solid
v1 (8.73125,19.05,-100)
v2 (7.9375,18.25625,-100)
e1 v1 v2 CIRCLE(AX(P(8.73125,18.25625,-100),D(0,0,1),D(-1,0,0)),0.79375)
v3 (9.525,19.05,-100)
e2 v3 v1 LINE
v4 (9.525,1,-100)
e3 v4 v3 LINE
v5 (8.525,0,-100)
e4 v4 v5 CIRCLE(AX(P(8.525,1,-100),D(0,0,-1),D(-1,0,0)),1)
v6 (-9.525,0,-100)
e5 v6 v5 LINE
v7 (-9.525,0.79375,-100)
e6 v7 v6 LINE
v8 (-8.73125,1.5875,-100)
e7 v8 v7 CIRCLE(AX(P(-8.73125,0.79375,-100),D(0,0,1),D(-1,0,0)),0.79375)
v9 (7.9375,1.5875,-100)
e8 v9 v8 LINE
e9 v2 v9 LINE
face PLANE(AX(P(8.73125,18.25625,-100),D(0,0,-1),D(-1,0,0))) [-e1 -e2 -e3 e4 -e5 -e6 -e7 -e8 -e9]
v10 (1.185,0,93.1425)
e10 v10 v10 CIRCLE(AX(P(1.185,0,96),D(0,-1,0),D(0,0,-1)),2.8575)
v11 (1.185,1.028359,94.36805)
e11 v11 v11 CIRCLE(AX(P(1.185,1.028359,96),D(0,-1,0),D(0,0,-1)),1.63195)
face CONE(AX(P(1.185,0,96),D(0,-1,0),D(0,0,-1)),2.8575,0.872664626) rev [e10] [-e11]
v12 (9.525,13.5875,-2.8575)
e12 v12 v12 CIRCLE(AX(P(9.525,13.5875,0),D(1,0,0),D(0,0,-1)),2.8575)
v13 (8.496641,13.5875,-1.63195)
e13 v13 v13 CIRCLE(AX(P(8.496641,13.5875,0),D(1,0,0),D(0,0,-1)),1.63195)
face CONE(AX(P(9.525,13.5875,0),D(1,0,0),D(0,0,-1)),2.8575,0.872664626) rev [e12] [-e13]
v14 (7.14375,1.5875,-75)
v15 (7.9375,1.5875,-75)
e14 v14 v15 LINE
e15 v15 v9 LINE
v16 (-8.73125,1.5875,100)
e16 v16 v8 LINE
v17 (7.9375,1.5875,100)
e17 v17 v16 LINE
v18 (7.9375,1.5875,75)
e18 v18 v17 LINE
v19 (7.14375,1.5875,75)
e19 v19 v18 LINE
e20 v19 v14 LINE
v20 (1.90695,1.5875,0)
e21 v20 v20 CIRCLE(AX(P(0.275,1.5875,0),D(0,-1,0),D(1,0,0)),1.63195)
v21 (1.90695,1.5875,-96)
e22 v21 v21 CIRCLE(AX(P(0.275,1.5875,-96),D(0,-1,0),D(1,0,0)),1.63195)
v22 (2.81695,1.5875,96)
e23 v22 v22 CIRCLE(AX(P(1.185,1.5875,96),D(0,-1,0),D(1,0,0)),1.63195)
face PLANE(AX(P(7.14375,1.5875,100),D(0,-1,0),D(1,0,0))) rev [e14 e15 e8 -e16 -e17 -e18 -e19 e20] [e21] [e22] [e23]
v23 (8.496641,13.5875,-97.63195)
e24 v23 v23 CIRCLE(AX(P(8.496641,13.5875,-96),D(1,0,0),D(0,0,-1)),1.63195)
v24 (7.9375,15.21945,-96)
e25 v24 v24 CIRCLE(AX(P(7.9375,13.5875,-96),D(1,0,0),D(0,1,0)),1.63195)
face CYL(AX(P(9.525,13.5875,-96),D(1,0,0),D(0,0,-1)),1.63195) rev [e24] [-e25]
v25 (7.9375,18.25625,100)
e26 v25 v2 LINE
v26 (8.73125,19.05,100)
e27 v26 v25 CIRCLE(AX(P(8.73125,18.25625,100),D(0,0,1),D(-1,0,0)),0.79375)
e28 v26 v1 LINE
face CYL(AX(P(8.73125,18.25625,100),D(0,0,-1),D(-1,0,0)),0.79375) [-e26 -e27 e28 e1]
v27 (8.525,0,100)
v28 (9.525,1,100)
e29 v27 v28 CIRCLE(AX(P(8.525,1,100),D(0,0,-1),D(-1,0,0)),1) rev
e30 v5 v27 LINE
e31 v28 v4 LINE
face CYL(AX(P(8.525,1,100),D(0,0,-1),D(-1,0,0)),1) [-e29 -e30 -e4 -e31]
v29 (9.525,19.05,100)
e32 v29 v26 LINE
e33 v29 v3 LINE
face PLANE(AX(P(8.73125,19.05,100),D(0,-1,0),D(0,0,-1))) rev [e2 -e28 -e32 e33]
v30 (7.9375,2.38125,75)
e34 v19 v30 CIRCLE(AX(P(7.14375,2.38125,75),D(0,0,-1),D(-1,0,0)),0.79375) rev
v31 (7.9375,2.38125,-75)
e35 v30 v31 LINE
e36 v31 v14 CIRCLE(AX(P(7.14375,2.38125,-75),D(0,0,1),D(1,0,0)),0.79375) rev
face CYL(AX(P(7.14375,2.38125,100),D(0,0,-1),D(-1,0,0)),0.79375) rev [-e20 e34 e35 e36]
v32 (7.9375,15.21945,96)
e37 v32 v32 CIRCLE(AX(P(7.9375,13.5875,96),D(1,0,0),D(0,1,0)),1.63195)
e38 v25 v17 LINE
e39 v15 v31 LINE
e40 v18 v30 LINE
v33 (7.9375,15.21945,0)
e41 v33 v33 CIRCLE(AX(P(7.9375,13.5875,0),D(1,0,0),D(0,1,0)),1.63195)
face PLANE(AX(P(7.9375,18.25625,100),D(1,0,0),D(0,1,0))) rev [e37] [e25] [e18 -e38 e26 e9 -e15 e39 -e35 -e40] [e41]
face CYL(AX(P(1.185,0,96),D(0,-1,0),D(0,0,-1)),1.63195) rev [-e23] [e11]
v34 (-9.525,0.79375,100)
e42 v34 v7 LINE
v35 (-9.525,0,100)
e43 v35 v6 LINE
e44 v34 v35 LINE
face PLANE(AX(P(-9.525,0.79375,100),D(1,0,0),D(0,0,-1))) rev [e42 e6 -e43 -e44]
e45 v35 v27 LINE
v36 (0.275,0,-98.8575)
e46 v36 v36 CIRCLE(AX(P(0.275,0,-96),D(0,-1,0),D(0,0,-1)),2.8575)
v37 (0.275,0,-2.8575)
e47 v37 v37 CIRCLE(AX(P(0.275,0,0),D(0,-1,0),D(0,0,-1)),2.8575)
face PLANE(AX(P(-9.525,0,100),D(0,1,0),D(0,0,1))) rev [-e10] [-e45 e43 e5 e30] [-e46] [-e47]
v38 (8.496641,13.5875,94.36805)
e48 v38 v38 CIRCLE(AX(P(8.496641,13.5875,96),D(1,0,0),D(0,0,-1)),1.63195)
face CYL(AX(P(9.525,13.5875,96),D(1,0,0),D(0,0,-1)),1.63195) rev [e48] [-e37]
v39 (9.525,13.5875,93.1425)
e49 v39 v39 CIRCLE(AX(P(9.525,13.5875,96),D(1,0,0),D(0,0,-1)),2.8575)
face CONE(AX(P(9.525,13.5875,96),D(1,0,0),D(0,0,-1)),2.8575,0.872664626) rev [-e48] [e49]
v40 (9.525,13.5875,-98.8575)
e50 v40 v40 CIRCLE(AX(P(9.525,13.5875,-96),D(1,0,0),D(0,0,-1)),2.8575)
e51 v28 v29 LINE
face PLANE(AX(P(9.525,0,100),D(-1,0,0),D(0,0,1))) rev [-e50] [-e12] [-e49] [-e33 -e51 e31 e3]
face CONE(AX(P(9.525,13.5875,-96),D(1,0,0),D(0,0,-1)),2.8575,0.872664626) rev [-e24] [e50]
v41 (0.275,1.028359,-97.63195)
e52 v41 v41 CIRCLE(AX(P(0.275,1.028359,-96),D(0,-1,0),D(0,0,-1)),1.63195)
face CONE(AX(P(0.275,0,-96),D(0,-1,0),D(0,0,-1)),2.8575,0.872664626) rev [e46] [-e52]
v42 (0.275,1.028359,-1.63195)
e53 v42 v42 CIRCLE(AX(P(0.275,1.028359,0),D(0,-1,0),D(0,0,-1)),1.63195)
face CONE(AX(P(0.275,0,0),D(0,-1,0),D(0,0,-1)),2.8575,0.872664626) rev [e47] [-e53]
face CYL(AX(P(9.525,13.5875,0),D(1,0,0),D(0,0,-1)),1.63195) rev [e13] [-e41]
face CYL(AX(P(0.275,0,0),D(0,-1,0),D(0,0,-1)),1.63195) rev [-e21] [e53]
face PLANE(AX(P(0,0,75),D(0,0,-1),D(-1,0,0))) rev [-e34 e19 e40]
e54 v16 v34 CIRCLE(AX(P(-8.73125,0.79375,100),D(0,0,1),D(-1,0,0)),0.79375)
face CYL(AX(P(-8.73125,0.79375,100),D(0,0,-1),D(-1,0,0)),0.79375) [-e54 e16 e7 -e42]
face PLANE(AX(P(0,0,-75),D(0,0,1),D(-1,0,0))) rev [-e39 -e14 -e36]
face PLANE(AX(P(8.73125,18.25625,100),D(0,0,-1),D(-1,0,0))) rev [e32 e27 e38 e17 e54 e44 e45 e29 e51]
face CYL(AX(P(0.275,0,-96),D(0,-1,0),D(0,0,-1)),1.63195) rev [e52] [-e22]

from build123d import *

# Parameters (mm, degrees)
BOSS_EXTRUDE1_DEPTH                               = 100
CSK_FOR_4_FLAT_HEAD_MACHINE_SCREW_100_D           = 3.2639
CSK_FOR_4_FLAT_HEAD_MACHINE_SCREW_100_CSINK_D     = 5.715
CSK_FOR_4_FLAT_HEAD_MACHINE_SCREW_100_CSINK_ANGLE = 100
CSK_FOR_4_FLAT_HEAD_MACHINE_SCREW_2_D             = 3.2639
CSK_FOR_4_FLAT_HEAD_MACHINE_SCREW_2_CSINK_D       = 5.715
CSK_FOR_4_FLAT_HEAD_MACHINE_SCREW_2_CSINK_ANGLE   = 100
FILLET1_R                                         = 1
CSK_FOR_4_FLAT_HEAD_MACHINE_SCREW_3_D             = 3.2639
CSK_FOR_4_FLAT_HEAD_MACHINE_SCREW_3_CSINK_D       = 5.715
CSK_FOR_4_FLAT_HEAD_MACHINE_SCREW_3_CSINK_ANGLE   = 100
CSK_FOR_4_FLAT_HEAD_MACHINE_SCREW_4_D             = 3.2639
CSK_FOR_4_FLAT_HEAD_MACHINE_SCREW_4_CSINK_D       = 5.715
CSK_FOR_4_FLAT_HEAD_MACHINE_SCREW_4_CSINK_ANGLE   = 100
CUT_EXTRUDE1_DEPTH                                = 25


with BuildPart() as part:
    # Sketch2 → Boss-Extrude1 (new, symmetric)
    with BuildSketch(Plane.XY):
        with BuildLine():
            Line((-9.525, 0), (9.525, 0))
            Line((9.525, 0), (9.525, 19.05))
            Line((9.525, 19.05), (8.73125, 19.05))
            ThreePointArc((8.73125, 19.05), (8.169983992, 18.817516008), (7.9375, 18.25625))
            Line((7.9375, 18.25625), (7.9375, 2.38125))
            ThreePointArc((7.9375, 2.38125), (7.705016008, 1.819983992), (7.14375, 1.5875))
            Line((7.14375, 1.5875), (-8.73125, 1.5875))
            ThreePointArc((-8.73125, 1.5875), (-9.292516008, 1.355016008), (-9.525, 0.79375))
            Line((-9.525, 0.79375), (-9.525, 0))
        make_face()
    extrude(amount=BOSS_EXTRUDE1_DEPTH, both=True)

    # CSK for _4 Flat Head Machine Screw _100 (through all)
    with Locations(Plane(origin=(0, 0, 0), x_dir=(-1, 0, 0), z_dir=(0, -1, 0))):
        with Locations((-1.185, -96), (-0.275, 96)):
            CounterSinkHole(CSK_FOR_4_FLAT_HEAD_MACHINE_SCREW_100_D / 2, CSK_FOR_4_FLAT_HEAD_MACHINE_SCREW_100_CSINK_D / 2, counter_sink_angle=CSK_FOR_4_FLAT_HEAD_MACHINE_SCREW_100_CSINK_ANGLE)

    # CSK for _4 Flat Head Machine Screw _ 2 (through all)
    with Locations(Plane(origin=(9.525, 0, 0), x_dir=(0, 0, -1), z_dir=(1, 0, 0))):
        with Locations((-96, 13.5875), (96, 13.5875)):
            CounterSinkHole(CSK_FOR_4_FLAT_HEAD_MACHINE_SCREW_2_D / 2, CSK_FOR_4_FLAT_HEAD_MACHINE_SCREW_2_CSINK_D / 2, counter_sink_angle=CSK_FOR_4_FLAT_HEAD_MACHINE_SCREW_2_CSINK_ANGLE)

    # Fillet1
    fillet1_edges = [part.edges().sort_by_distance(p)[0] for p in [
        (9.525, 0, 0),
    ]]
    fillet(fillet1_edges, radius=FILLET1_R)

    # CSK for _4 Flat Head Machine Screw _ 3 (through all)
    with Locations(Plane(origin=(0, 0, 0), x_dir=(-1, 0, 0), z_dir=(0, -1, 0))):
        with Locations((-0.275, 0)):
            CounterSinkHole(CSK_FOR_4_FLAT_HEAD_MACHINE_SCREW_3_D / 2, CSK_FOR_4_FLAT_HEAD_MACHINE_SCREW_3_CSINK_D / 2, counter_sink_angle=CSK_FOR_4_FLAT_HEAD_MACHINE_SCREW_3_CSINK_ANGLE)

    # CSK for _4 Flat Head Machine Screw _ 4 (through all)
    with Locations(Plane(origin=(9.525, 0, 0), x_dir=(0, 0, -1), z_dir=(1, 0, 0))):
        with Locations((0, 13.5875)):
            CounterSinkHole(CSK_FOR_4_FLAT_HEAD_MACHINE_SCREW_4_D / 2, CSK_FOR_4_FLAT_HEAD_MACHINE_SCREW_4_CSINK_D / 2, counter_sink_angle=CSK_FOR_4_FLAT_HEAD_MACHINE_SCREW_4_CSINK_ANGLE)

    # Sketch26 → Cut-Extrude1 (cut)
    with BuildSketch(Plane.XY.offset(100)):
        Polygon((2.9375, 1.5875), (7.9375, 1.5875), (7.9375, 6.5875), align=None)
    cut_extrude1 = extrude(amount=-CUT_EXTRUDE1_DEPTH, mode=Mode.SUBTRACT)

    # Mirror1: Cut-Extrude1 across plane
    add(cut_extrude1.mirror(Plane.XY), mode=Mode.SUBTRACT)


solid = part.part
